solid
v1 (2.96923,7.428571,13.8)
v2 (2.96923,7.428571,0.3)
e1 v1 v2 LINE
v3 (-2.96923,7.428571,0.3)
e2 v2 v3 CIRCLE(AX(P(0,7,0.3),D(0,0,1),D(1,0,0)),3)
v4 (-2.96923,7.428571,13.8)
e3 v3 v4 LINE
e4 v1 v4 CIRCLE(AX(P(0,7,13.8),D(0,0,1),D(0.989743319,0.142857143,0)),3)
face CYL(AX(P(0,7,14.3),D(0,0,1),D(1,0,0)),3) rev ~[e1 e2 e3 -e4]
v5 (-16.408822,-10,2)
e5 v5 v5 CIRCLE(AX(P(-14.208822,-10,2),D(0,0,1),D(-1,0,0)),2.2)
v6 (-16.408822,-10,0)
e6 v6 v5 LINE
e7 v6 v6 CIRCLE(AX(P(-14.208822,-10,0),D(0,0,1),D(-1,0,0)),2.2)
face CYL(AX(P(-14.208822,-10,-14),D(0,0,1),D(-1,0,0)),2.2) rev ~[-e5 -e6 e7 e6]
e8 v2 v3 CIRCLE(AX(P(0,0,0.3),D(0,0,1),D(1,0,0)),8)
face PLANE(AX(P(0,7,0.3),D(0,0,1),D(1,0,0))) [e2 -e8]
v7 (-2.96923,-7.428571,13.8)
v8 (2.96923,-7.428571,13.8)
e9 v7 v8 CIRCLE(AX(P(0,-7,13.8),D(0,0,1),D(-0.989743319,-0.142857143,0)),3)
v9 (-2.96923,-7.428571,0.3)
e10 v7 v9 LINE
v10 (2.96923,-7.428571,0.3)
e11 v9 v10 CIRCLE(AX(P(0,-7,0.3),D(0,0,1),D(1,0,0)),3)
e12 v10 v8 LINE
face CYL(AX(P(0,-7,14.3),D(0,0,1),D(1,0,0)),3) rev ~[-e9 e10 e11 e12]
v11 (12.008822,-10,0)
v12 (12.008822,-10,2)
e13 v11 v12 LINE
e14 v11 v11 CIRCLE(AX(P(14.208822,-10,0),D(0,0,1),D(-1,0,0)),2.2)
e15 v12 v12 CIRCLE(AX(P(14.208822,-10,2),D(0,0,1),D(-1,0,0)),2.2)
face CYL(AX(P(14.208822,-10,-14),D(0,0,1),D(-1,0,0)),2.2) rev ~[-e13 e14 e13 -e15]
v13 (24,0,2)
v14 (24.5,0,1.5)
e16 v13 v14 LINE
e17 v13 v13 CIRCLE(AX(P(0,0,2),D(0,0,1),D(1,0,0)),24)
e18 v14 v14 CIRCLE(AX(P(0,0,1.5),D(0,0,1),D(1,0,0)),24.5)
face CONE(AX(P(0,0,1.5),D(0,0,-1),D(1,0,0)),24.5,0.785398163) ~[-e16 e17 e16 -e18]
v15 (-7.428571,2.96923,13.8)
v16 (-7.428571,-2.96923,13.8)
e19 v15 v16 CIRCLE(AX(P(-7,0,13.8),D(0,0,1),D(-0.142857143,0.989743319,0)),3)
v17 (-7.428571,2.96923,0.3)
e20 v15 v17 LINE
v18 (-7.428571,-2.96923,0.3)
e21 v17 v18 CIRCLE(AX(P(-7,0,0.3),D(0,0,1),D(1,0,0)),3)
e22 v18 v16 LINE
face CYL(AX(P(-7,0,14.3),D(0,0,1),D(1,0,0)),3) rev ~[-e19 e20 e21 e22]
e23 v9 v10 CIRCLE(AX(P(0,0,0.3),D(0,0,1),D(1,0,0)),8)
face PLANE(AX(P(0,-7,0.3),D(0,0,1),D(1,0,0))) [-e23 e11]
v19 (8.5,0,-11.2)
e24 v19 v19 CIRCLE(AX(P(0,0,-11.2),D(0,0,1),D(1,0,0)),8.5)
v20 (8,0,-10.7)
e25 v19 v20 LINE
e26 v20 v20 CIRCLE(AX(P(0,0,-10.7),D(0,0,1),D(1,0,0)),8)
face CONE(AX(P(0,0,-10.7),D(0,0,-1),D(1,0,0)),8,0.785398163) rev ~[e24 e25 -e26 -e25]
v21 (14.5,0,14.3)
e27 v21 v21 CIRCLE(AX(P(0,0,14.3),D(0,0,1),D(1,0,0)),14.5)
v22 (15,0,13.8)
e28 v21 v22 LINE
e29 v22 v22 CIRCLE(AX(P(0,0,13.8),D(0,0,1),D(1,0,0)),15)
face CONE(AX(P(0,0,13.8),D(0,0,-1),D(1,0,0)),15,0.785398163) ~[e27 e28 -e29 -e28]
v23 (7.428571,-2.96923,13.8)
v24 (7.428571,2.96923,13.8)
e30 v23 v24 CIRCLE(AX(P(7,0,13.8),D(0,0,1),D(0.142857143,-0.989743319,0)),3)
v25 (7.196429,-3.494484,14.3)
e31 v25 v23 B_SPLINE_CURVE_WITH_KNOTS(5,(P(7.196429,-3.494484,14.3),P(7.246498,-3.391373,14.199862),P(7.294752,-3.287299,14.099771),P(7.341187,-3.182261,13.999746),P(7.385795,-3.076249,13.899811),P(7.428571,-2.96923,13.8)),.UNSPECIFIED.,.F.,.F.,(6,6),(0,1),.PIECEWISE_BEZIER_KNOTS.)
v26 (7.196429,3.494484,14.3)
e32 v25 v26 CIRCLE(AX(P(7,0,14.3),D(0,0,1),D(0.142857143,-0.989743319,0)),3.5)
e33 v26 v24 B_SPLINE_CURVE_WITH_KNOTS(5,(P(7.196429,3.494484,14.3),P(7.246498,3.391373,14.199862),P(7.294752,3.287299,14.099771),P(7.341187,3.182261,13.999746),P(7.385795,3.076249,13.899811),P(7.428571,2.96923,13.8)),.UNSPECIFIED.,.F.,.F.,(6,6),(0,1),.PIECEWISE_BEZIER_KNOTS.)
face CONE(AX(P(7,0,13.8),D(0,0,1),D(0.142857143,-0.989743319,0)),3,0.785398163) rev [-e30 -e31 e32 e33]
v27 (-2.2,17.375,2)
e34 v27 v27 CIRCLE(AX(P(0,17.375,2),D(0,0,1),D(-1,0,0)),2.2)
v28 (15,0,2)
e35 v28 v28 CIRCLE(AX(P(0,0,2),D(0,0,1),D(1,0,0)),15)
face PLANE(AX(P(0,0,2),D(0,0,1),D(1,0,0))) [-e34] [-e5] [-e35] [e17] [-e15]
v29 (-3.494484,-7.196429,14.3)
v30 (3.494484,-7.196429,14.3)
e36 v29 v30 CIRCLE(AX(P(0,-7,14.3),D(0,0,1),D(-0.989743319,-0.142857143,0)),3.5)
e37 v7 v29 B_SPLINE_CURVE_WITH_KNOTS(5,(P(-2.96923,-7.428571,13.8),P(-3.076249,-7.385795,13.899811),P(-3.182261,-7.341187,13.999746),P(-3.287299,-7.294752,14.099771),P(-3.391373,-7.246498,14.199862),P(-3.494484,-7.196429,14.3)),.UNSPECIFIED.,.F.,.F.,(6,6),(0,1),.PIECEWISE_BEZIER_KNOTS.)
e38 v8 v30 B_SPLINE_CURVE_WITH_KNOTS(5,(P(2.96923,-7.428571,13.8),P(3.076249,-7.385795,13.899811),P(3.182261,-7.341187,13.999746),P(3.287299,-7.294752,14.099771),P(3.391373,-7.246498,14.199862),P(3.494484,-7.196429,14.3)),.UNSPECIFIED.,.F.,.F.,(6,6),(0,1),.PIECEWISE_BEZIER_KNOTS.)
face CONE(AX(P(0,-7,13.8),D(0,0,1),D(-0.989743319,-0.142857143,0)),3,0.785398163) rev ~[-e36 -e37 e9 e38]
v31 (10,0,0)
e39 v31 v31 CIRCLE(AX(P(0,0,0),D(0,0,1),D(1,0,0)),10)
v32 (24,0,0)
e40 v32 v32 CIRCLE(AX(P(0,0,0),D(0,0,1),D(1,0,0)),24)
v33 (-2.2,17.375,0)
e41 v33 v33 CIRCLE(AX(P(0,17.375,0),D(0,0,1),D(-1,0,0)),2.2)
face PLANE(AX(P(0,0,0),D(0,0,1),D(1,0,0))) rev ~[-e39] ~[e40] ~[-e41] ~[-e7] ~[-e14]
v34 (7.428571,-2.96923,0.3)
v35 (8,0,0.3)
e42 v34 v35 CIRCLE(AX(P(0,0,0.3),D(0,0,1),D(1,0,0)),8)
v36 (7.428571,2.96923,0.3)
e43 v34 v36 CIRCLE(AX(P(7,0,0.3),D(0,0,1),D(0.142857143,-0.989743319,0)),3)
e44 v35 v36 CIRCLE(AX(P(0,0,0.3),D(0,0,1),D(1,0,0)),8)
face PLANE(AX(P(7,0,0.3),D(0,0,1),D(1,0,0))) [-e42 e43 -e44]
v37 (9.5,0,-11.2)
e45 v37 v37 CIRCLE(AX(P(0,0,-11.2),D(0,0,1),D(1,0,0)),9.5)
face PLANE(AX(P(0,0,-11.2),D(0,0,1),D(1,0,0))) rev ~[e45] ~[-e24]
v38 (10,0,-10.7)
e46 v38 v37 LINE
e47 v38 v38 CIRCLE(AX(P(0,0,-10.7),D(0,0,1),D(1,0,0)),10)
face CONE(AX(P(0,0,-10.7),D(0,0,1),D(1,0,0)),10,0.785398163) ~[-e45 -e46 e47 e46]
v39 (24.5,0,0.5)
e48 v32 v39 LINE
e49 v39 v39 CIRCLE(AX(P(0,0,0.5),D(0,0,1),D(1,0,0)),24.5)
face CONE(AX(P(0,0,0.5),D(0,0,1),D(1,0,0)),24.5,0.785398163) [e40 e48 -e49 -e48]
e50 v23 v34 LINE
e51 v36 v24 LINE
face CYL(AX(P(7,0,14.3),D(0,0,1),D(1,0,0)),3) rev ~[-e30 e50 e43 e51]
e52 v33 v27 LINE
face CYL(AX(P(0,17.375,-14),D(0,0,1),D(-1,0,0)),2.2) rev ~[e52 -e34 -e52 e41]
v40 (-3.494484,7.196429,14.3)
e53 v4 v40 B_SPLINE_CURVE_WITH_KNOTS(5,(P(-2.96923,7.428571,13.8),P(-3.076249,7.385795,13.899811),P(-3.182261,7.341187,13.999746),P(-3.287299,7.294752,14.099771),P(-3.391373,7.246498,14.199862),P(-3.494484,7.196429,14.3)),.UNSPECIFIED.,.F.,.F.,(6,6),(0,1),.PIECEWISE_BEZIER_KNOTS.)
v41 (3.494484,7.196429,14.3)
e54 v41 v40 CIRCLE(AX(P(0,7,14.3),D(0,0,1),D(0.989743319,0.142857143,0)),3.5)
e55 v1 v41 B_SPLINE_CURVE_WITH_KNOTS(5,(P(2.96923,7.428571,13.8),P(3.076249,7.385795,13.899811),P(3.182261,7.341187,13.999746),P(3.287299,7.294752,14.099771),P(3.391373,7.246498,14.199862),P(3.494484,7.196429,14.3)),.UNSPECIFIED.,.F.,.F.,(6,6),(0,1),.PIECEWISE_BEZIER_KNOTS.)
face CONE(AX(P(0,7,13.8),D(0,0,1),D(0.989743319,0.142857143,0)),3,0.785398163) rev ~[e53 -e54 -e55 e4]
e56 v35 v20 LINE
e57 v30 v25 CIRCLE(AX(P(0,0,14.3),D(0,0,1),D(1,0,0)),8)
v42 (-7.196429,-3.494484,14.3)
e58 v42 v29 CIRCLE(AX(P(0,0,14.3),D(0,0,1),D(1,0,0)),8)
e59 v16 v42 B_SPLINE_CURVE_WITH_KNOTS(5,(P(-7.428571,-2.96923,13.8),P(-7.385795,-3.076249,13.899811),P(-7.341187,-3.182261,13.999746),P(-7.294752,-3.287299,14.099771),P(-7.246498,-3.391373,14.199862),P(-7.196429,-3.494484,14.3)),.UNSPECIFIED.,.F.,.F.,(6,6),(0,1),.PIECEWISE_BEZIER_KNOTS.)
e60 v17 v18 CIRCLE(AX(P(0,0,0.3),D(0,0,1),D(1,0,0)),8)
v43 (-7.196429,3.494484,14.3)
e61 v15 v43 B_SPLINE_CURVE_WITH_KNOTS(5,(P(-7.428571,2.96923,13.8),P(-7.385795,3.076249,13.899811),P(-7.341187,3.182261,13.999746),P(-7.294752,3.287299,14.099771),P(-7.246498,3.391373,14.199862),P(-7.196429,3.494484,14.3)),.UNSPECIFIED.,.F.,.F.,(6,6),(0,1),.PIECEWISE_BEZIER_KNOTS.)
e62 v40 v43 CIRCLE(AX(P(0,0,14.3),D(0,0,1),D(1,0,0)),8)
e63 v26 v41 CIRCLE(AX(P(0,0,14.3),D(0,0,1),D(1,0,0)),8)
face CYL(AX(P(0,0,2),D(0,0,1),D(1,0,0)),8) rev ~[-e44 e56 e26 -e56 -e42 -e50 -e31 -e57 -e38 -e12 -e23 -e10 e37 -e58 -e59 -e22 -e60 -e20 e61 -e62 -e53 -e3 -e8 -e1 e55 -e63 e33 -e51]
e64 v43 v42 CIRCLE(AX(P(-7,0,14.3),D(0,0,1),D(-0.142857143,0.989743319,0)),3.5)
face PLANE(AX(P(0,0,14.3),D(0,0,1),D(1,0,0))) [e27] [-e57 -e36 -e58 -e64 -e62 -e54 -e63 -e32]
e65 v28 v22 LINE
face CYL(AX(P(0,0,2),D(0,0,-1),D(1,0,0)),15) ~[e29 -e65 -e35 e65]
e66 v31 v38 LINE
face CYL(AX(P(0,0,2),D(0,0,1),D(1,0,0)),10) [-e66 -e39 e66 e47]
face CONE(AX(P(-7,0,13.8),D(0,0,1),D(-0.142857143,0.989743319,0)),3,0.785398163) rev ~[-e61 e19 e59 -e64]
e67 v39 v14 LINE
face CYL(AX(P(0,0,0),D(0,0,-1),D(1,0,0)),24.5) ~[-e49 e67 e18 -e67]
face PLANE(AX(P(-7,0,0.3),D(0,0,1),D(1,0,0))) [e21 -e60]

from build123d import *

# Parameters (mm, degrees)
F0_R     = 24.5
F0_R_2   = 15
F0_R_3   = 10
F1_DEPTH = 2
F2_R     = 15
F2_R_2   = 8
F3_DEPTH = 12.3
F4_R     = 10
F4_R_2   = 8
F5_DEPTH = 13.2
F6_D     = 4.4
F6_DEPTH = 14
F6_TIP   = 1.3218933619
F7_R     = 3
F8_DEPTH = 14
F9_SIZE  = 0.5
F10_SIZE = 0.5


with BuildPart() as f1:
    # F0 (on Top) → F1 (new body)
    with BuildSketch(Plane.XY):
        Circle(F0_R)
        Circle(F0_R_2, mode=Mode.SUBTRACT)
        Circle(F0_R_2)
        Circle(F0_R_3, mode=Mode.SUBTRACT)
    extrude(amount=F1_DEPTH)

    # F2 (on face) → F3 (join)
    with BuildSketch(Plane.XY.offset(2)):
        Circle(F2_R)
        Circle(F2_R_2, mode=Mode.SUBTRACT)
    extrude(amount=F3_DEPTH)

    # F4 (on face) → F5 (join)
    with BuildSketch(Plane.XY.offset(2)):
        Circle(F4_R)
        Circle(F4_R_2, mode=Mode.SUBTRACT)
    extrude(amount=-F5_DEPTH)

    # F6
    with Locations(Plane(origin=(0, 0, 0), x_dir=(1, 0, 0), z_dir=(0, 0, -1))):
        with Locations((0, -17.375), (-14.2088220835, 10), (14.2088220835, 10)):
            Hole(F6_D / 2, depth=F6_DEPTH)
            with Locations((0, 0, -(F6_DEPTH + F6_TIP / 2))):  # 118° drill point
                Cone(0, F6_D / 2, F6_TIP, mode=Mode.SUBTRACT)

    # F7 (on face) → F8 (cut)
    with BuildSketch(Plane.XY.offset(14.3)):
        with Locations((0, 7)):
            Circle(F7_R)
        with Locations((-7, 0)):
            Circle(F7_R)
        with Locations((7, 0)):
            Circle(F7_R)
        with Locations((0, -7)):
            Circle(F7_R)
    extrude(amount=-F8_DEPTH, mode=Mode.SUBTRACT)

    # F9
    f9_edges = [f1.edges().sort_by_distance(p)[0] for p in [
        (-10, 0, 14.3),
        (0, 10, 14.3),
        (10, 0, 14.3),
        (0, -10, 14.3),
        (-15, 0, 14.3),
        (-24.5, 0, 2),
        (-10, 0, -11.2),
        (-8, 0, -11.2),
    ]]
    chamfer(f9_edges, length=F9_SIZE)

    # F10
    f10_edges = [f1.edges().sort_by_distance(p)[0] for p in [
        (-24.5, 0, 0),
    ]]
    chamfer(f10_edges, length=F10_SIZE)


solid = f1.part
